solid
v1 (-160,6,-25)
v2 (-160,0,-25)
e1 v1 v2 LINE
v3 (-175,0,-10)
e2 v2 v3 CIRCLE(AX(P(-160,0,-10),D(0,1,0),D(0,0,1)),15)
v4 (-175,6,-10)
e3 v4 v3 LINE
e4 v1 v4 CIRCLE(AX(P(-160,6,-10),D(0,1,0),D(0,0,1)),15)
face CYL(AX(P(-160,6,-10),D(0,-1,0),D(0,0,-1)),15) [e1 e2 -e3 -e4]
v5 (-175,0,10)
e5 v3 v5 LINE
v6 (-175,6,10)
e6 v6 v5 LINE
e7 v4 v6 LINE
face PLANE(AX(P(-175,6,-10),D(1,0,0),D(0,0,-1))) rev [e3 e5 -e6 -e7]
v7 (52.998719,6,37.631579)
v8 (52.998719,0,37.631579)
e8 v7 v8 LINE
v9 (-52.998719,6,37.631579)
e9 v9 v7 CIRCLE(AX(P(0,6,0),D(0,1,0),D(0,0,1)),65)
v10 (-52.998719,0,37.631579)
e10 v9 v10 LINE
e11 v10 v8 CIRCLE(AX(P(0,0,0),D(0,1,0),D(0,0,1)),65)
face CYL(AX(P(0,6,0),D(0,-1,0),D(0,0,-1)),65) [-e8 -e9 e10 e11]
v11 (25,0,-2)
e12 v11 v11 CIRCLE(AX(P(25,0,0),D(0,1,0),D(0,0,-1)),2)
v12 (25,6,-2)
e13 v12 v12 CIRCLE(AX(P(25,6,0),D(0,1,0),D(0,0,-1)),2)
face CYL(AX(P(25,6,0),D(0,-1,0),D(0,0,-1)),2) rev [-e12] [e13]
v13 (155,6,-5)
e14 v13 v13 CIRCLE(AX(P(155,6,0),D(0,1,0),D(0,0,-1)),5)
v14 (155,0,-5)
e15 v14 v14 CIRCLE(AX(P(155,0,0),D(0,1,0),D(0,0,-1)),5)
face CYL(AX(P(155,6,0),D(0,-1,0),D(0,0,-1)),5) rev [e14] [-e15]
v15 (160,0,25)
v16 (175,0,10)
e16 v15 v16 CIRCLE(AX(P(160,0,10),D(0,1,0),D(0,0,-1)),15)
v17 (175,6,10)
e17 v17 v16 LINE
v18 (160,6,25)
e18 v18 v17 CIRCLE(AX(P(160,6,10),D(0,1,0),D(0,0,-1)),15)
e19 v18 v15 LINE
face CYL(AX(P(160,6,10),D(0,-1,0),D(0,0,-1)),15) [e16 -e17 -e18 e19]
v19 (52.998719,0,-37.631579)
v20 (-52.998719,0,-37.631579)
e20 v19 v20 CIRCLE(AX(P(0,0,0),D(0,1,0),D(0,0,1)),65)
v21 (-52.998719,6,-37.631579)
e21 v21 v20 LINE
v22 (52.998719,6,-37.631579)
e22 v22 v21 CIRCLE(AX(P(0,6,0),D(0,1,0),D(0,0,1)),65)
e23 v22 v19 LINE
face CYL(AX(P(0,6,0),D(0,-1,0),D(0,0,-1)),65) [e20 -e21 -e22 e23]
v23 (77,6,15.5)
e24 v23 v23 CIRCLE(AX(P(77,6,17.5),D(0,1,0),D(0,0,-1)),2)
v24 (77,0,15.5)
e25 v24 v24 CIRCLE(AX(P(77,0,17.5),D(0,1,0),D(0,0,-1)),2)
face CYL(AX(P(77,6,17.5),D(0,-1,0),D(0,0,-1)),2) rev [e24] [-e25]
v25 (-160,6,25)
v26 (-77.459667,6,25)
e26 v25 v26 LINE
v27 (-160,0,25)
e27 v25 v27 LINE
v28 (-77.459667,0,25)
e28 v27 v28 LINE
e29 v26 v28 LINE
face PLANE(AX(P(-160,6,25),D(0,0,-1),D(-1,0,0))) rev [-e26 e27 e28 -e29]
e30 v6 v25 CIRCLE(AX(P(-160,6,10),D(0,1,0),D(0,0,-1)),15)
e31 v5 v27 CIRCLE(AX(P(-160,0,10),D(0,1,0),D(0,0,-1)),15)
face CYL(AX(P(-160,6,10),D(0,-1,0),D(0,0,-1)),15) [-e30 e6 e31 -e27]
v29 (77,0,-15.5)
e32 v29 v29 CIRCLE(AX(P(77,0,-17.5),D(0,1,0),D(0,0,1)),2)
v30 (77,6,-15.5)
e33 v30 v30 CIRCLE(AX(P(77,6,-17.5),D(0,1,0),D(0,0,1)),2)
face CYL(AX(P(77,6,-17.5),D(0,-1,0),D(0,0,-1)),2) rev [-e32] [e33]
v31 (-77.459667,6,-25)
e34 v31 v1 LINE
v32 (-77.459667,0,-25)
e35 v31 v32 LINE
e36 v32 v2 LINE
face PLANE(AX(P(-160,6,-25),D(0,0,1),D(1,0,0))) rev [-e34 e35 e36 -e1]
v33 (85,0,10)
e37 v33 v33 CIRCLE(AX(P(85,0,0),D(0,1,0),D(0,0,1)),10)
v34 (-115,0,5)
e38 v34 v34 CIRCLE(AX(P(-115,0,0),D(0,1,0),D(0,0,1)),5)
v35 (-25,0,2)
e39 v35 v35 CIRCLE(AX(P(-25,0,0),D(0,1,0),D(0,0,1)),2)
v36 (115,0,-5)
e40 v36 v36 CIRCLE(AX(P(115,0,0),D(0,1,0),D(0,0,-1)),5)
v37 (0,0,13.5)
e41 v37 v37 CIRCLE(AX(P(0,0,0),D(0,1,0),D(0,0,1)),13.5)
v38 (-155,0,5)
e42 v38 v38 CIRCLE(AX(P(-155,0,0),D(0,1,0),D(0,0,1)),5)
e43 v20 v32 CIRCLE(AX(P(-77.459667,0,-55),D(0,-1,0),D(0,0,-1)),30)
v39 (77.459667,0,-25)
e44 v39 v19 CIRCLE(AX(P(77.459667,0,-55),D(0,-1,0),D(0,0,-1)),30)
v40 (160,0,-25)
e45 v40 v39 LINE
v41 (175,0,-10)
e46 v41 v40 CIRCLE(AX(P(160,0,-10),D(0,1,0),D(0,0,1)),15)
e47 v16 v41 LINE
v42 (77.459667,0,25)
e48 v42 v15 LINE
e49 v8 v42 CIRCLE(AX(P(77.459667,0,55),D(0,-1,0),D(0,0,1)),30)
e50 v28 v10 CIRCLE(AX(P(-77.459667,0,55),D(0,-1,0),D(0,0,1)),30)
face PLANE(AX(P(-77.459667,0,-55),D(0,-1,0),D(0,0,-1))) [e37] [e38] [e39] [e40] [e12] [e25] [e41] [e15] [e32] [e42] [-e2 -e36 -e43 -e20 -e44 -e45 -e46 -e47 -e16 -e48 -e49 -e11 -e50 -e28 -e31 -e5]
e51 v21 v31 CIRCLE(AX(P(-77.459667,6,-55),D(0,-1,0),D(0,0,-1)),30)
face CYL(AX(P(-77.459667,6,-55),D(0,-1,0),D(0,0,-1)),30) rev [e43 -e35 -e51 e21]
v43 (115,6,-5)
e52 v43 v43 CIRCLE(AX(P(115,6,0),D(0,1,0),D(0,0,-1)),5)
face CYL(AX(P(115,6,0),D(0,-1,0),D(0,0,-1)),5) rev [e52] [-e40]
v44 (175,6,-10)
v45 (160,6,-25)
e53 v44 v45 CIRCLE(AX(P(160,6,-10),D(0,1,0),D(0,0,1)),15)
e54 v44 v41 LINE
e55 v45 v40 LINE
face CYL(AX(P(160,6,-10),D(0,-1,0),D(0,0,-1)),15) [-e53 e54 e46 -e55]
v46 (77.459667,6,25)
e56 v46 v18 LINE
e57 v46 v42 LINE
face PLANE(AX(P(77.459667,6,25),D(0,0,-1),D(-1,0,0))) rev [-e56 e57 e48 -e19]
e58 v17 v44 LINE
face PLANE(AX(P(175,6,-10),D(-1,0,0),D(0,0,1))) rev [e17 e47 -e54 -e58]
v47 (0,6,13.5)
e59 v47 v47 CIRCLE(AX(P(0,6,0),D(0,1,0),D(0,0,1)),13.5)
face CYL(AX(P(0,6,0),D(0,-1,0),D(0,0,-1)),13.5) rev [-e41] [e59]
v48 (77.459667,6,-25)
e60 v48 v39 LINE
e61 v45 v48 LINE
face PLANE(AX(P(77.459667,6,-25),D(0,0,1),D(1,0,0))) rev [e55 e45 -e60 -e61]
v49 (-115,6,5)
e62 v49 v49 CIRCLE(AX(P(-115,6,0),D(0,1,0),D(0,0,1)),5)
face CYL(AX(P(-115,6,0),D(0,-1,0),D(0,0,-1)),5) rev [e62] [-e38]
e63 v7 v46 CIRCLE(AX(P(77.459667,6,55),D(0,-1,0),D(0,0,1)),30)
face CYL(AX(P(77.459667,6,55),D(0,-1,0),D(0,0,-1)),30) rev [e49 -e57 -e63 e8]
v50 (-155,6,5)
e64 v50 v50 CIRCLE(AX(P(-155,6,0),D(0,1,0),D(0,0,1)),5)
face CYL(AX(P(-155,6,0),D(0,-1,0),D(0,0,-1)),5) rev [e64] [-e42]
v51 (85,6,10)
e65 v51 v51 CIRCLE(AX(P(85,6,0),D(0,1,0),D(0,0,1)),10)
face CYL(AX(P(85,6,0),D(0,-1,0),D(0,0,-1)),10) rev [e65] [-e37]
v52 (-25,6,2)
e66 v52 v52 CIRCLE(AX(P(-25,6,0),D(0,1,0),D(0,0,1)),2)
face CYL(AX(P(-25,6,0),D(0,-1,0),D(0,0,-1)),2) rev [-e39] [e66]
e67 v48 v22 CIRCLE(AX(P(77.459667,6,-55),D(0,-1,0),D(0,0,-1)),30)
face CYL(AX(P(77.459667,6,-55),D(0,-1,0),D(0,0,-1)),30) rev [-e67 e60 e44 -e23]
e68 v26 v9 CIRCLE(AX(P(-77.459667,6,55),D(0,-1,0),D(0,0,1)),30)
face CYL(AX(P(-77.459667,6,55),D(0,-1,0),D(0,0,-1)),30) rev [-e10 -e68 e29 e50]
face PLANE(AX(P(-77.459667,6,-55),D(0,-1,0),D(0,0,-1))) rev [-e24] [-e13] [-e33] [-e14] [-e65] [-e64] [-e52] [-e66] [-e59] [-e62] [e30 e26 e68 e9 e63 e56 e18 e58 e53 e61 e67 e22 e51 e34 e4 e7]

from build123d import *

# Parameters (mm, degrees)
ESQUISSE1_R        = 13.5
ESQUISSE1_R_2      = 5
ESQUISSE1_R_3      = 10
ESQUISSE1_R_4      = 2
BOSS_EXTRU_1_DEPTH = 6


with BuildPart() as part:
    # Esquisse1 → Boss.-Extru.1 (new body)
    with BuildSketch(Plane(origin=(0, 0, 0), x_dir=(1, 0, 0), z_dir=(0, 1, 0))):
        with BuildLine():
            Line((-160, 25), (-77.459666924, 25))
            ThreePointArc((-77.459666924, 25), (-63.694722892, 28.344300501), (-52.998719474, 37.631578947))
            ThreePointArc((-52.998719474, 37.631578947), (0, 65), (52.998719474, 37.631578947))
            ThreePointArc((52.998719474, 37.631578947), (63.694722892, 28.344300501), (77.459666924, 25))
            Line((77.459666924, 25), (160, 25))
            ThreePointArc((160, 25), (170.606601718, 20.606601718), (175, 10))
            Line((175, 10), (175, -10))
            ThreePointArc((175, -10), (170.606601718, -20.606601718), (160, -25))
            Line((160, -25), (77.459666924, -25))
            ThreePointArc((77.459666924, -25), (63.694722892, -28.344300501), (52.998719474, -37.631578947))
            ThreePointArc((52.998719474, -37.631578947), (0, -65), (-52.998719474, -37.631578947))
            ThreePointArc((-52.998719474, -37.631578947), (-63.694722892, -28.344300501), (-77.459666924, -25))
            Line((-77.459666924, -25), (-160, -25))
            ThreePointArc((-160, -25), (-170.606601718, -20.606601718), (-175, -10))
            Line((-175, -10), (-175, 10))
            ThreePointArc((-175, 10), (-170.606601718, 20.606601718), (-160, 25))
        make_face()
        Circle(ESQUISSE1_R, mode=Mode.SUBTRACT)
        with Locations((-115, 0)):
            Circle(ESQUISSE1_R_2, mode=Mode.SUBTRACT)
        with Locations((-155, 0)):
            Circle(ESQUISSE1_R_2, mode=Mode.SUBTRACT)
        with Locations((155, 0)):
            Circle(ESQUISSE1_R_2, mode=Mode.SUBTRACT)
        with Locations((115, 0)):
            Circle(ESQUISSE1_R_2, mode=Mode.SUBTRACT)
        with Locations((85, 0)):
            Circle(ESQUISSE1_R_3, mode=Mode.SUBTRACT)
        with Locations((-25, 0)):
            Circle(ESQUISSE1_R_4, mode=Mode.SUBTRACT)
        with Locations((25, 0)):
            Circle(ESQUISSE1_R_4, mode=Mode.SUBTRACT)
        with Locations((77, 17.5)):
            Circle(ESQUISSE1_R_4, mode=Mode.SUBTRACT)
        with Locations((77, -17.5)):
            Circle(ESQUISSE1_R_4, mode=Mode.SUBTRACT)
    extrude(amount=BOSS_EXTRU_1_DEPTH)


solid = part.part
